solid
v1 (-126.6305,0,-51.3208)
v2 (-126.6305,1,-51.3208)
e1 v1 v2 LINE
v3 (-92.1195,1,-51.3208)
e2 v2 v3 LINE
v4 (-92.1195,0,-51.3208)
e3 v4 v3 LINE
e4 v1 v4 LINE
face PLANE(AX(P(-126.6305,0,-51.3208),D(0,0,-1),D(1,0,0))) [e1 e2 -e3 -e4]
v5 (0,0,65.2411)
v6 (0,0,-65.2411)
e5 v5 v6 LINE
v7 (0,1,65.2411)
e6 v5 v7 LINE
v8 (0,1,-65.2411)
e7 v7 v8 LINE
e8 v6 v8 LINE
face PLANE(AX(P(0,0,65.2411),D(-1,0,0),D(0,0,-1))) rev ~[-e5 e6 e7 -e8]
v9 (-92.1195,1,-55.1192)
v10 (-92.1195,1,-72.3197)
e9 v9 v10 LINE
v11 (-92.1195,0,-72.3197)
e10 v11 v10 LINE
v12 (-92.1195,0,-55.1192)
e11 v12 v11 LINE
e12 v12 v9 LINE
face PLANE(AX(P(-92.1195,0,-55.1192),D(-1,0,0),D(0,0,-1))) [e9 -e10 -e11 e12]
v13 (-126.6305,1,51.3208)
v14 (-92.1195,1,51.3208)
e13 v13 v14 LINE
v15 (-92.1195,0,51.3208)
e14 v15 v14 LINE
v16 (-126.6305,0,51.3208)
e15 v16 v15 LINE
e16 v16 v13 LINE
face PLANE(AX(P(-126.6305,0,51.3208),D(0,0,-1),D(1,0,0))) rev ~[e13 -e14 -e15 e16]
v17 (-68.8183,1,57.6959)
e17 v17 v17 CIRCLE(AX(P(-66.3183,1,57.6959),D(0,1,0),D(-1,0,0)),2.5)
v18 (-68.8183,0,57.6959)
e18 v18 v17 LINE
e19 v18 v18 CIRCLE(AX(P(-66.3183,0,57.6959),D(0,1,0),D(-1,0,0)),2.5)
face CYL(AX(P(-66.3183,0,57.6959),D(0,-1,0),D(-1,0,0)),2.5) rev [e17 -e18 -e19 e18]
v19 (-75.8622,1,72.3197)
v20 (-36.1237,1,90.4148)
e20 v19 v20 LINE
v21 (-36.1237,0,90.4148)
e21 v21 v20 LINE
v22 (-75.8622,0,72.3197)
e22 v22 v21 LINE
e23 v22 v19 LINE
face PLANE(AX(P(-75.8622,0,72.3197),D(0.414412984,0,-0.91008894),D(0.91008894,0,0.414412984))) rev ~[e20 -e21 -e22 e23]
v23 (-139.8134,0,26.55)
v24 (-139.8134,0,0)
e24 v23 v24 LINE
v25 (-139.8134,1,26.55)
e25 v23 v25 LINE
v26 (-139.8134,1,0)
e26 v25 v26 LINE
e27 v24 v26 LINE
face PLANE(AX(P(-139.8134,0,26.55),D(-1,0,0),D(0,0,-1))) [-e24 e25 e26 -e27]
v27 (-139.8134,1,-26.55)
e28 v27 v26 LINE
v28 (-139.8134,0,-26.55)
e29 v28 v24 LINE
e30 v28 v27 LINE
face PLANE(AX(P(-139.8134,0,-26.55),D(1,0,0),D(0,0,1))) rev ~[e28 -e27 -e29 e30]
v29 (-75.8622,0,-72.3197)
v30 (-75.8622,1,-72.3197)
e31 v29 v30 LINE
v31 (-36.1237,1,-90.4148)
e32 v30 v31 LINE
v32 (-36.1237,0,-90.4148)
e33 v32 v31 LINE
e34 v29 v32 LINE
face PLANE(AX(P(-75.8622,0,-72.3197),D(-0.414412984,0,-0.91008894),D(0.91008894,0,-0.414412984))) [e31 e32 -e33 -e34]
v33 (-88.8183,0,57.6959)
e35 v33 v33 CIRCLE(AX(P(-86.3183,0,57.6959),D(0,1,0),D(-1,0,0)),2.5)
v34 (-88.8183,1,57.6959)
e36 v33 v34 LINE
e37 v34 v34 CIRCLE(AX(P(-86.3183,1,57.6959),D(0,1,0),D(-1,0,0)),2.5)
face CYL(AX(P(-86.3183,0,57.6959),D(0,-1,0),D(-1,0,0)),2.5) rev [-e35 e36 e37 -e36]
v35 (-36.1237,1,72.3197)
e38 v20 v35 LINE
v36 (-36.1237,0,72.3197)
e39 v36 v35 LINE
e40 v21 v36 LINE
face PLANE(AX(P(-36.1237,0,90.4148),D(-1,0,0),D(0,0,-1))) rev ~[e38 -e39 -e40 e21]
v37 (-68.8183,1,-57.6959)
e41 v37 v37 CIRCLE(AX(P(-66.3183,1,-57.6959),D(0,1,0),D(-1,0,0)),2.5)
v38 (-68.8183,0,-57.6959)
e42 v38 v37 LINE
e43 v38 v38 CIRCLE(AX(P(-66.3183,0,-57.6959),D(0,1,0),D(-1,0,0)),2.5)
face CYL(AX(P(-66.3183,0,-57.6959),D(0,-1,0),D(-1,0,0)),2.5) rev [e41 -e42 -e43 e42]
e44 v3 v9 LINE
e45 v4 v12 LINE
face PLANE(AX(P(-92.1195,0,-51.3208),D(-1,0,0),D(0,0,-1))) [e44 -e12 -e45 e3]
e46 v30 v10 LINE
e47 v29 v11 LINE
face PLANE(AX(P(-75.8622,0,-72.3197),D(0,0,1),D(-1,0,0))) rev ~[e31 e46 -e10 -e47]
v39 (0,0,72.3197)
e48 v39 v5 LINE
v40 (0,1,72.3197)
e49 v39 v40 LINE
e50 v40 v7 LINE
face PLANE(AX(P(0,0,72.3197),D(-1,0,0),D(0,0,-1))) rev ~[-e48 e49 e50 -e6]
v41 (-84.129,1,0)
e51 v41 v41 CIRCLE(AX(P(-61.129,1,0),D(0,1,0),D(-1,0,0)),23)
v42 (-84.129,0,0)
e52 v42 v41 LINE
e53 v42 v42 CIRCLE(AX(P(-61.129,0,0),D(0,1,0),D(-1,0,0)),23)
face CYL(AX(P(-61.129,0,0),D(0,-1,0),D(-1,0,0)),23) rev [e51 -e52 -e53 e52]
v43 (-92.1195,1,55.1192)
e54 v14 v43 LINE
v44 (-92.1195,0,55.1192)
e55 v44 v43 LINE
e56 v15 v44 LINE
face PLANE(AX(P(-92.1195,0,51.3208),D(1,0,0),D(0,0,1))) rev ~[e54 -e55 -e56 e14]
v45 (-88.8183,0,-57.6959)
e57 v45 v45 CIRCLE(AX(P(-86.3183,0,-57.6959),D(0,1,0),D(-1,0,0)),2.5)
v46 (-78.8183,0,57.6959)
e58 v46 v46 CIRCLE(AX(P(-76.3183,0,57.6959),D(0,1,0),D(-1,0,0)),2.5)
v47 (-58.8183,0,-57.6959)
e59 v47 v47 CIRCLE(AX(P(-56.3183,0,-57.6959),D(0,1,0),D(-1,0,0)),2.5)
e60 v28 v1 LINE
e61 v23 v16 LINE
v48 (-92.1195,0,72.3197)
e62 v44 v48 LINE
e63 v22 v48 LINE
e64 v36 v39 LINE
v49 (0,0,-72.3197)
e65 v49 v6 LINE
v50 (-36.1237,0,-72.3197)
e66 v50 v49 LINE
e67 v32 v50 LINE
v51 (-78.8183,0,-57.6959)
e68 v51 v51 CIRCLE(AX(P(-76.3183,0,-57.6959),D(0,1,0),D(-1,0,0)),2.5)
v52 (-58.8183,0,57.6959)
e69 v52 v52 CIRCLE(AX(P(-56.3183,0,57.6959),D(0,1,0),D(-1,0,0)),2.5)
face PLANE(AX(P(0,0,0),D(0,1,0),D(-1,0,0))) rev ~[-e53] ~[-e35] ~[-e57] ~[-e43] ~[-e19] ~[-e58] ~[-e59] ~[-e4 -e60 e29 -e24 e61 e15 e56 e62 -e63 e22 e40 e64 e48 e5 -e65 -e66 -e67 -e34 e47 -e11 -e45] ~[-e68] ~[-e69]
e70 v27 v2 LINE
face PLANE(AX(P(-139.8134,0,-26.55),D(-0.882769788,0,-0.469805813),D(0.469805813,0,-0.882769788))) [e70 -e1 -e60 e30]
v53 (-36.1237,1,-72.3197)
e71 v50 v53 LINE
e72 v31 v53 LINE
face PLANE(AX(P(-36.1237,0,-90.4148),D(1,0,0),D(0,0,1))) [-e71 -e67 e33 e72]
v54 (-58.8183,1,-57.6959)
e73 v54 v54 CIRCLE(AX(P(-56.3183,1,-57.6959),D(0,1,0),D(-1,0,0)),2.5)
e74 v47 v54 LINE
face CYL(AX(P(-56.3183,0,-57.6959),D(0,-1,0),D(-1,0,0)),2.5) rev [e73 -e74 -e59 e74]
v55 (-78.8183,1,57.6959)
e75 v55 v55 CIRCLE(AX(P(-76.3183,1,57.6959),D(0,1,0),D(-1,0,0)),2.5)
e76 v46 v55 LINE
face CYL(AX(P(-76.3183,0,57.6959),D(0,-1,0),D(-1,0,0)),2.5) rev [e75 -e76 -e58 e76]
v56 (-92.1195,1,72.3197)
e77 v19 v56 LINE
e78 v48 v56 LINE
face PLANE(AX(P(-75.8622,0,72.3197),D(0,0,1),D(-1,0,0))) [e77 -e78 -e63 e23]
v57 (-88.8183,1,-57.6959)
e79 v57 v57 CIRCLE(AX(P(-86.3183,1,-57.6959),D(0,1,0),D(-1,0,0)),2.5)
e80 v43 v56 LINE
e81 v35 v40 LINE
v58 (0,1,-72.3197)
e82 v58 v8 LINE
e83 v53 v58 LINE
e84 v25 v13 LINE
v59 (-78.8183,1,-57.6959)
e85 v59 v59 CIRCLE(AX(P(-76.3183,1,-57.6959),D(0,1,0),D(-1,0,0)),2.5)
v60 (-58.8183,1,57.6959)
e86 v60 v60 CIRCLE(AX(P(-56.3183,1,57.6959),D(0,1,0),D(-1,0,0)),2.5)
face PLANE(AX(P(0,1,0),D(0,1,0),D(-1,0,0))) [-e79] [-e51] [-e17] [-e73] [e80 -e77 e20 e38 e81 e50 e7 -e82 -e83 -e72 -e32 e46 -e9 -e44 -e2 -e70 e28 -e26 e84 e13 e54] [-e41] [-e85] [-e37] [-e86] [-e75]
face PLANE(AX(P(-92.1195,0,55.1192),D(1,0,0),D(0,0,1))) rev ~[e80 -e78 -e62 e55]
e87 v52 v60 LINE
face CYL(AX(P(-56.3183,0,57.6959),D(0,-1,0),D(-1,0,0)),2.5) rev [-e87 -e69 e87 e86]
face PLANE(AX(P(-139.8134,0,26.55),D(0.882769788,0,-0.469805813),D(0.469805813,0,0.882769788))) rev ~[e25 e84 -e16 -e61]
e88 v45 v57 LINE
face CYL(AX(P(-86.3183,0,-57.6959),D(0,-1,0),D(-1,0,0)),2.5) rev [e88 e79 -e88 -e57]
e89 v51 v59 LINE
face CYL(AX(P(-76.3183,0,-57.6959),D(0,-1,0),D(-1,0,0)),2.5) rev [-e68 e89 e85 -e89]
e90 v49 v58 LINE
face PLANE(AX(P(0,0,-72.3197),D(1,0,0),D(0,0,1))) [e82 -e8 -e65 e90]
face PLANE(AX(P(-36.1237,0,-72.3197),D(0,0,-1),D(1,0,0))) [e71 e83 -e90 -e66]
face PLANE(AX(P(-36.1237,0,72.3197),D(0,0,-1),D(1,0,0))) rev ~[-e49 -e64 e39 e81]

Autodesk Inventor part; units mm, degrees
ref_plane "YZ Plane" through (0, 0, 0) normal (1, 0, 0) x (0, 1, 0)
ref_plane "XZ Plane" through (0, 0, 0) normal (0, 1, 0) x (-1, 0, 0)
ref_plane "XY Plane" through (0, 0, 0) normal (0, 0, 1) x (1, 0, 0)
sketch "Esboço1" plane through (0, 0, 0) normal (0, 1, 0) x (-1, 0, 0)
  line L0 (139.8134, -26.55) -> (126.6305, -51.3208)
  line L1 (139.8134, -26.55) -> (139.8134, 0)
  line L2 (139.8134, -26.55) -> (126.6305, -51.3208)
  circle A0 centre (61.129, 0) radius 23
  circle A1 centre (56.3183, -57.6959) radius 2.5
  circle A2 centre (76.3183, -57.6959) radius 2.5
  circle A3 centre (86.3183, -57.6959) radius 2.5
  circle A4 centre (66.3183, -57.6959) radius 2.5
  line L3 (92.1195, -55.1192) -> (92.1195, -72.3197)
  line L4 (75.8622, -72.3197) -> (92.1195, -72.3197)
  line L5 (36.1237, -90.4148) -> (36.1237, -72.3197)
  line L6 (75.8622, -72.3197) -> (36.1237, -90.4148)
  line L7 (126.6305, -51.3208) -> (92.1195, -51.3208)
  line L8 (92.1195, -51.3208) -> (92.1195, -55.1192)
  line L9 (139.8134, 26.55) -> (126.6305, 51.3208)
  line L10 (139.8134, 26.55) -> (139.8134, 0)
  circle A5 centre (76.3183, 57.6959) radius 2.5
  circle A6 centre (86.3183, 57.6959) radius 2.5
  circle A7 centre (66.3183, 57.6959) radius 2.5
  circle A8 centre (56.3183, 57.6959) radius 2.5
  line L11 (92.1195, 55.1192) -> (92.1195, 72.3197)
  line L12 (75.8622, 72.3197) -> (92.1195, 72.3197)
  line L13 (36.1237, 90.4148) -> (36.1237, 72.3197)
  line L14 (75.8622, 72.3197) -> (36.1237, 90.4148)
  line L15 (126.6305, 51.3208) -> (92.1195, 51.3208)
  line L16 (92.1195, 51.3208) -> (92.1195, 55.1192)
  line L17 (0, 65.2411) -> (0, -65.2411)
  line L18 (36.1237, 72.3197) -> (0, 72.3197)
  line L19 (0, 72.3197) -> (0, 65.2411)
  line L20 (36.1237, -72.3197) -> (0, -72.3197)
  line L21 (0, -72.3197) -> (0, -65.2411)
  point P0 (0, 0)
  dimension "d1" = 46
  dimension "d6" = 130.4821
extrude "Extrusão1" add sketch "Esboço1" along normal blind 1
properties part number "base_1"
